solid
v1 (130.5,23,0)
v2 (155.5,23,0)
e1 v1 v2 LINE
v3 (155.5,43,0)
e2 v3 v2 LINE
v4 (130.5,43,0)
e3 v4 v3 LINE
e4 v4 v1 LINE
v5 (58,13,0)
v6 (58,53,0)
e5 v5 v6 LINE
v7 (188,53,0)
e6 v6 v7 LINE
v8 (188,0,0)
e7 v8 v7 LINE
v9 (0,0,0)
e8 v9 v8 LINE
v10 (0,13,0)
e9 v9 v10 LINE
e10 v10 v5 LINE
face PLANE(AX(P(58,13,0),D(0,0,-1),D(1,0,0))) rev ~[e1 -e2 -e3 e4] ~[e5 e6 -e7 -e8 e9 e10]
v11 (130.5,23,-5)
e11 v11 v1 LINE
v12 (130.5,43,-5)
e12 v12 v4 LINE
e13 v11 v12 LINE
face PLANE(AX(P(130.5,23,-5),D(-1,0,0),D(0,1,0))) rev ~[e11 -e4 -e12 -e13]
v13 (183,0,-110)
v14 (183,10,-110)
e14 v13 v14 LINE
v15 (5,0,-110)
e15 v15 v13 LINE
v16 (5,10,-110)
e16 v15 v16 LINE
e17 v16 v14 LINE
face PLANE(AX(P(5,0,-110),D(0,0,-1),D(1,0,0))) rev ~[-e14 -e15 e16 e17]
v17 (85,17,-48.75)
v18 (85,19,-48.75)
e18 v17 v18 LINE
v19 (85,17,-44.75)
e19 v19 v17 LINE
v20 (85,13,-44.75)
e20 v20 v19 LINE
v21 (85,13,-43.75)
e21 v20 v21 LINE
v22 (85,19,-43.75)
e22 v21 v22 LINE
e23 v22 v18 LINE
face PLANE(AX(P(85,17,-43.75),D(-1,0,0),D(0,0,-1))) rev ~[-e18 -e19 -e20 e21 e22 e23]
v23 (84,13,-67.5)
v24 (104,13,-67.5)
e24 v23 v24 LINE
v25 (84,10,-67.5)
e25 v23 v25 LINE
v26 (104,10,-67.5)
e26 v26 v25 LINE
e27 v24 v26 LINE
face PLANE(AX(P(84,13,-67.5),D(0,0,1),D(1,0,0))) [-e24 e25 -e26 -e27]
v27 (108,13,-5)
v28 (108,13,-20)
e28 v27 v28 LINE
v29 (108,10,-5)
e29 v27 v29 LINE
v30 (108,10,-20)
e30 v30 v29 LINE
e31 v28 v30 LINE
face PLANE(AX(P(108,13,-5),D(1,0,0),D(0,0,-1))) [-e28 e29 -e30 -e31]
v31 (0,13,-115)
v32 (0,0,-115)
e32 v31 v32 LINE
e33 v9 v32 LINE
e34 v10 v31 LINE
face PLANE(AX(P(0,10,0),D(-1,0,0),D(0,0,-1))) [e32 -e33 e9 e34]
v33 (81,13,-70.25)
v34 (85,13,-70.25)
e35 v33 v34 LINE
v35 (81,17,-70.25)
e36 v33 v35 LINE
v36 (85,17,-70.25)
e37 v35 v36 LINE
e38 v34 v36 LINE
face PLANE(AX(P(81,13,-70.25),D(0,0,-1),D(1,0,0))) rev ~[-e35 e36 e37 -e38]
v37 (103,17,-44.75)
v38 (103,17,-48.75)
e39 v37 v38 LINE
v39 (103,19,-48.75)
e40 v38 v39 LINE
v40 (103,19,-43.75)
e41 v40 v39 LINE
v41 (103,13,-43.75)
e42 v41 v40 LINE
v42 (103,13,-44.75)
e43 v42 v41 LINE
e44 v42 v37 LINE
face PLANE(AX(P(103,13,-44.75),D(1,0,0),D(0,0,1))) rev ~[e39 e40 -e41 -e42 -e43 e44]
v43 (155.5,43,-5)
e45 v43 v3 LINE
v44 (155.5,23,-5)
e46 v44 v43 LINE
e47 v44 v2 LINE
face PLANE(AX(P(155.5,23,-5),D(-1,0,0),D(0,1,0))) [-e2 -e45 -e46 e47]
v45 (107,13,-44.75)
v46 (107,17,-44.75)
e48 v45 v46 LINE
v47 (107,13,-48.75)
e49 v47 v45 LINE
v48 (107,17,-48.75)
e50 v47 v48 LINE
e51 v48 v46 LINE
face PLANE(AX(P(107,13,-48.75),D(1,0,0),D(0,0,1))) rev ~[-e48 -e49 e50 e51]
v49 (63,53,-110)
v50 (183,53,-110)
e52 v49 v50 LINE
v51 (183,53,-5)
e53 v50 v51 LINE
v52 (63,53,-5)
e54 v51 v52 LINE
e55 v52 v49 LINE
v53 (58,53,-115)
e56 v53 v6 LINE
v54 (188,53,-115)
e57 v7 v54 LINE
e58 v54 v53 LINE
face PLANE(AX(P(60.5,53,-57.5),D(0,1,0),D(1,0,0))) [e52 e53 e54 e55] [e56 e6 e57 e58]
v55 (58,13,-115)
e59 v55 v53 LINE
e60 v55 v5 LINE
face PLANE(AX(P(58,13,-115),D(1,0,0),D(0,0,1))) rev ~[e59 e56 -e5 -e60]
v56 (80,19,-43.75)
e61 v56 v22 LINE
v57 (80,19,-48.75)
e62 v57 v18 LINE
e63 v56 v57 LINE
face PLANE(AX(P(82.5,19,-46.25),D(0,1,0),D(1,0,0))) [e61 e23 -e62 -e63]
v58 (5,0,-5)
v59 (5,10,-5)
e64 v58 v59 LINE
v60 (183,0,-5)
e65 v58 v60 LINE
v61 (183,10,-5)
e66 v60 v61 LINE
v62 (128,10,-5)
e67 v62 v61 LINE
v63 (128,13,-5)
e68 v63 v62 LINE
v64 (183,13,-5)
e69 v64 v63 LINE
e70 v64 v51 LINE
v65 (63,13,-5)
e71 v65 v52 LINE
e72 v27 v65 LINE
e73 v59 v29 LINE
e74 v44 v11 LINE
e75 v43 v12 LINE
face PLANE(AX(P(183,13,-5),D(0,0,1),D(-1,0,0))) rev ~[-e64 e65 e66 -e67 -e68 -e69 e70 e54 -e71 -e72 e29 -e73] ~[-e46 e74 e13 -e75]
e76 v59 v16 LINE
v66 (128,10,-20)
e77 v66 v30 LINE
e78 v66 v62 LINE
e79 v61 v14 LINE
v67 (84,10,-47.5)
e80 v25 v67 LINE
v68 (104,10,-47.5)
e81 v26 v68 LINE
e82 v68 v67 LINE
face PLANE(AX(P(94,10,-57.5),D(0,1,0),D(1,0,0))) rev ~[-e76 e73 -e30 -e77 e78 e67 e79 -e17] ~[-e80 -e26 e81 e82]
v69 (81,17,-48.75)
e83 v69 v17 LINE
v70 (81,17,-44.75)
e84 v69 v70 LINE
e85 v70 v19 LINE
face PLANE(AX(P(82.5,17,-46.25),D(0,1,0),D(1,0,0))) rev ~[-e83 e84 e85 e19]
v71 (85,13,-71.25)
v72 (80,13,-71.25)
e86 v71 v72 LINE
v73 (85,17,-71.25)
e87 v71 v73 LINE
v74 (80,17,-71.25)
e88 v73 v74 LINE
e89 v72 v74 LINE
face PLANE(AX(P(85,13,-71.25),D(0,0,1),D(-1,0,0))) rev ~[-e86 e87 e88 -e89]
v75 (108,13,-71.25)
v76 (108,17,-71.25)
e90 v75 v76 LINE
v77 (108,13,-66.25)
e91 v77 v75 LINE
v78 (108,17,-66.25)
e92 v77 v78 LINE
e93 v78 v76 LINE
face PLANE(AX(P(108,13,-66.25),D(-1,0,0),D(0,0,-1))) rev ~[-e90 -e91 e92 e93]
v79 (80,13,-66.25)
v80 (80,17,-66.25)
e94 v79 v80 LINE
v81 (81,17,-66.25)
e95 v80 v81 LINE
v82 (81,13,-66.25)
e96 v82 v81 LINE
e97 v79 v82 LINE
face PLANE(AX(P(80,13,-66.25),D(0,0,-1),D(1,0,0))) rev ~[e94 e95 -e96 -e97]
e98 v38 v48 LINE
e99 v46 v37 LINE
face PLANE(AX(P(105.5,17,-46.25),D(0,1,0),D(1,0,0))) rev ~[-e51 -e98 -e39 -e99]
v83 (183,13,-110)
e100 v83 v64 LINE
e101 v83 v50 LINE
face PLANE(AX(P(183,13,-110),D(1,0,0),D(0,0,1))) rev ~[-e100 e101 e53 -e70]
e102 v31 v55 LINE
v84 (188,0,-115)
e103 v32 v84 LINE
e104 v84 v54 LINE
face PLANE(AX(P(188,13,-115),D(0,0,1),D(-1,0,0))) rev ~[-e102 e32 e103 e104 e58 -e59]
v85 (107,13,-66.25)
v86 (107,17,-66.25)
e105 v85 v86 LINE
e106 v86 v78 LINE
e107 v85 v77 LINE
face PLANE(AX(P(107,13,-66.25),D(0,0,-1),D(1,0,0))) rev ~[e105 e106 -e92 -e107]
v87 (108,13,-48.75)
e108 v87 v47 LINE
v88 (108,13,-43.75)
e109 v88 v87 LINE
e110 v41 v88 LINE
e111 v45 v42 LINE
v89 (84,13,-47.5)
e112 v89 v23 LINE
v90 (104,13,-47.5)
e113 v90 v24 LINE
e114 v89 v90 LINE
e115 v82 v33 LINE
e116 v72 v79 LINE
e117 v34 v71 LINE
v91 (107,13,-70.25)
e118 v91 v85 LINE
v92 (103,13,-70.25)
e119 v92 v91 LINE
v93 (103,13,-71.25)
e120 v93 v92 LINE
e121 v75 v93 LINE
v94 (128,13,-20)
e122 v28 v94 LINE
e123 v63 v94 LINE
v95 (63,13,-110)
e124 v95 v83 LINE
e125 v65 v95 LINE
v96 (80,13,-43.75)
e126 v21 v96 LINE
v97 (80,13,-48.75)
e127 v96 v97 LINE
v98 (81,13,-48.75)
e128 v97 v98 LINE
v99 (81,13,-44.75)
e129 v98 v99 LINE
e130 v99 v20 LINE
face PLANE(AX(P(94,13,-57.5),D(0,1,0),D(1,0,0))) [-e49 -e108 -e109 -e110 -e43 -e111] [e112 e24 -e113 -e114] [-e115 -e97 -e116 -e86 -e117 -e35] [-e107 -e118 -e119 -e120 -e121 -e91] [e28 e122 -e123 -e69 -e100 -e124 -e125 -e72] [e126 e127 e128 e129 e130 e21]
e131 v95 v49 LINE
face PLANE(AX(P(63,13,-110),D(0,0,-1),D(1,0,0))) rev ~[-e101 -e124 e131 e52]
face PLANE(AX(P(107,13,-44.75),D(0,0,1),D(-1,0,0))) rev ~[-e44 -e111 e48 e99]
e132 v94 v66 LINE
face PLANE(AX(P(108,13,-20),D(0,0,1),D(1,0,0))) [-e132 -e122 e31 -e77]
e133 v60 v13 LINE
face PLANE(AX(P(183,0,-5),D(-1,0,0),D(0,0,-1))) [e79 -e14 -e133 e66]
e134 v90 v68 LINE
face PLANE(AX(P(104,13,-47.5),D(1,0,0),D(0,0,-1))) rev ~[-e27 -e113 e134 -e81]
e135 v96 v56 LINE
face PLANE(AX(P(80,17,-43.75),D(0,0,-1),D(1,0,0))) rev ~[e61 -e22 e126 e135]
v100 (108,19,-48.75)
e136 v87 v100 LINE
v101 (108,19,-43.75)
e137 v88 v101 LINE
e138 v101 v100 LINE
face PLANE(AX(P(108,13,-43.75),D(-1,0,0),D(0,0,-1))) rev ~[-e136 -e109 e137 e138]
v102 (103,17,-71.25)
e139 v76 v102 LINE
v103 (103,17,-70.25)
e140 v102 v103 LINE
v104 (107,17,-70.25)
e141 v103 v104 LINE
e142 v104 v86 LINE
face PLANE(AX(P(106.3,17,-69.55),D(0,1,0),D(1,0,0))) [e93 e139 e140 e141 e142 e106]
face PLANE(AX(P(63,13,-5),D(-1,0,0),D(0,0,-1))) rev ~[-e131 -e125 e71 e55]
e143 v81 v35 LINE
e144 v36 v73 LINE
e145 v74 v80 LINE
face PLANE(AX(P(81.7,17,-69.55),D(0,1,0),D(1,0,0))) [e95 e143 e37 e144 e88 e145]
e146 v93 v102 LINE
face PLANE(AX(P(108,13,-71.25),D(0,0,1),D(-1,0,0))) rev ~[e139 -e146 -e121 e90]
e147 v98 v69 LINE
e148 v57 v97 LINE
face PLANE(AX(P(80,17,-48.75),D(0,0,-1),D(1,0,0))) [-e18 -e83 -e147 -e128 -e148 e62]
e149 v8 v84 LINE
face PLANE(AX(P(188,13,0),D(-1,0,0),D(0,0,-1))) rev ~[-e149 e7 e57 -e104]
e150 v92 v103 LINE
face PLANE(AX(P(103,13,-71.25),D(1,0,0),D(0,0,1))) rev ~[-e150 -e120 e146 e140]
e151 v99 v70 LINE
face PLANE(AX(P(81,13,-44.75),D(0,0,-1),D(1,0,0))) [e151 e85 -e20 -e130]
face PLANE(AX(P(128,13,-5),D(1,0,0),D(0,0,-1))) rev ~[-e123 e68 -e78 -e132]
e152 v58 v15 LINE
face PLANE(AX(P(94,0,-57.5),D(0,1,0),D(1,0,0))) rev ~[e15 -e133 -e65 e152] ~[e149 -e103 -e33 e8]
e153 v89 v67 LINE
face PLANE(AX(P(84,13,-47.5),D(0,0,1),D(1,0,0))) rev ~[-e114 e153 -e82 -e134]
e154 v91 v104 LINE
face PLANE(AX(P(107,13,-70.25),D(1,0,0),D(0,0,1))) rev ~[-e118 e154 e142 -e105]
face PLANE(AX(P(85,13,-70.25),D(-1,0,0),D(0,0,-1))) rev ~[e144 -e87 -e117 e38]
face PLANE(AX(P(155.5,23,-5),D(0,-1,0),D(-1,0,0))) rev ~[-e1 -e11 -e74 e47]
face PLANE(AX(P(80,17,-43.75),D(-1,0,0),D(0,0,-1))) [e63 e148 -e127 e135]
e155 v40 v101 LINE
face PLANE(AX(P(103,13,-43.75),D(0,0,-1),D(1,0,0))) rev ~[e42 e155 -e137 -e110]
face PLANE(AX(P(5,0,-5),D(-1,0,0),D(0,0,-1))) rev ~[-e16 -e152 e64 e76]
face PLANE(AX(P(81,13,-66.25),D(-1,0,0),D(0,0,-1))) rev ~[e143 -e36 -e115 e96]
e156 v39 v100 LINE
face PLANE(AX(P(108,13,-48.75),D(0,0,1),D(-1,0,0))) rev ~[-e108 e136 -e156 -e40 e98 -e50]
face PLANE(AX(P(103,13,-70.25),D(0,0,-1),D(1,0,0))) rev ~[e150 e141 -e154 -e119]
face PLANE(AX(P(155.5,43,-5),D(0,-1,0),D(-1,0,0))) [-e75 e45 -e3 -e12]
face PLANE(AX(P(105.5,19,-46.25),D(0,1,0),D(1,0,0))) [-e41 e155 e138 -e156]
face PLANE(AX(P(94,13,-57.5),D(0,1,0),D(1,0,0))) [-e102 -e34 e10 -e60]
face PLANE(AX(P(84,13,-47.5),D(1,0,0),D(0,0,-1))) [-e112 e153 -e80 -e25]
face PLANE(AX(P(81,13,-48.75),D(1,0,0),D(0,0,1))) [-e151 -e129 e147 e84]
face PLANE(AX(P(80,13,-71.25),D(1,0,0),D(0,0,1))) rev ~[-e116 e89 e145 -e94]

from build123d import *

# Parameters (mm, degrees)
SKETCH1_W           = 188
SKETCH1_H           = 115
SKETCH1_W_2         = 178
SKETCH1_H_2         = 105
BOSS_EXTRUDE1_DEPTH = 10
SKETCH2_W           = 188
SKETCH2_H           = 115
BOSS_EXTRUDE2_DEPTH = 3
BOSS_EXTRUDE3_DEPTH = 4
CUT_EXTRUDE1_REACH  = 222.767
SKETCH3_3_W         = 20
SKETCH3_3_H         = 20
SKETCH4_W           = 130
SKETCH4_H           = 115
SKETCH4_W_2         = 120
SKETCH4_H_2         = 105
BOSS_EXTRUDE4_DEPTH = 40
SKETCH9_W           = 5
SKETCH9_H           = 5
BOSS_EXTRUDE5_DEPTH = 2
CUT_EXTRUDE2_REACH  = 225.984
SKETCH10_W          = 20
SKETCH10_H          = 15
CUT_EXTRUDE3_REACH  = 226.172
SKETCH11_W          = 25
SKETCH11_H          = 20


with BuildPart() as part:
    # Sketch1 → Boss-Extrude1 (new body)
    with BuildSketch(Plane(origin=(0, 0, 0), x_dir=(1, 0, 0), z_dir=(0, 1, 0))):
        with Locations((94, 57.5)):
            Rectangle(SKETCH1_W, SKETCH1_H)
        with Locations((94, 57.5)):
            Rectangle(SKETCH1_W_2, SKETCH1_H_2, mode=Mode.SUBTRACT)
    extrude(amount=BOSS_EXTRUDE1_DEPTH)

    # Sketch2 → Boss-Extrude2 (add)
    with BuildSketch(Plane(origin=(0, 10, 0), x_dir=(1, 0, 0), z_dir=(0, 1, 0))):
        with Locations((94, 57.5)):
            Rectangle(SKETCH2_W, SKETCH2_H)
    extrude(amount=BOSS_EXTRUDE2_DEPTH)

    # Sketch3 → Boss-Extrude3 (add)
    with BuildSketch(Plane(origin=(0, 13, 0), x_dir=(1, 0, 0), z_dir=(0, 1, 0))):
        Polygon((80, 71.25), (80, 66.25), (81, 66.25), (81, 70.25), (85, 70.25), (85, 71.25), align=None)
        Polygon((85, 44.75), (81, 44.75), (81, 48.75), (80, 48.75), (80, 43.75), (85, 43.75), align=None)
        Polygon((107, 48.75), (107, 44.75), (103, 44.75), (103, 43.75), (108, 43.75), (108, 48.75), align=None)
        Polygon((108, 71.25), (103, 71.25), (103, 70.25), (107, 70.25), (107, 66.25), (108, 66.25), align=None)
    extrude(amount=BOSS_EXTRUDE3_DEPTH)

    # Sketch3<3> → Cut-Extrude1 (cut, up to next)
    with BuildSketch(Plane(origin=(0, 13, 0), x_dir=(1, 0, 0), z_dir=(0, 1, 0)), mode=Mode.PRIVATE) as cut_extrude1_sk1:
        with Locations((94, 57.5)):
            Rectangle(SKETCH3_3_W, SKETCH3_3_H)
    cut_extrude1_tool1 = extrude(cut_extrude1_sk1.sketch, amount=-CUT_EXTRUDE1_REACH, mode=Mode.PRIVATE) & part.part
    add(cut_extrude1_tool1.solids().sort_by_distance((94, 13, -57.5))[0], mode=Mode.SUBTRACT)

    # Sketch4 → Boss-Extrude4 (add)
    with BuildSketch(Plane(origin=(0, 13, 0), x_dir=(1, 0, 0), z_dir=(0, 1, 0))):
        with Locations((123, 57.5)):
            Rectangle(SKETCH4_W, SKETCH4_H)
        with Locations((123, 57.5)):
            Rectangle(SKETCH4_W_2, SKETCH4_H_2, mode=Mode.SUBTRACT)
    extrude(amount=BOSS_EXTRUDE4_DEPTH)

    # Sketch9 → Boss-Extrude5 (add)
    with BuildSketch(Plane(origin=(0, 17, 0), x_dir=(1, 0, 0), z_dir=(0, 1, 0))):
        with Locations((82.5, 46.25)):
            Rectangle(SKETCH9_W, SKETCH9_H)
        with Locations((105.5, 46.25)):
            Rectangle(SKETCH9_W, SKETCH9_H)
    extrude(amount=BOSS_EXTRUDE5_DEPTH)

    # Sketch10 → Cut-Extrude2 (cut, up to next)
    with BuildSketch(Plane(origin=(0, 13, 0), x_dir=(1, 0, 0), z_dir=(0, 1, 0)), mode=Mode.PRIVATE) as cut_extrude2_sk1:
        with Locations((118, 12.5)):
            Rectangle(SKETCH10_W, SKETCH10_H)
    cut_extrude2_tool1 = extrude(cut_extrude2_sk1.sketch, amount=-CUT_EXTRUDE2_REACH, mode=Mode.PRIVATE) & part.part
    add(cut_extrude2_tool1.solids().sort_by_distance((118, 13, -12.5))[0], mode=Mode.SUBTRACT)

    # Sketch11 → Cut-Extrude3 (cut, up to next)
    with BuildSketch(Plane(origin=(0, 0, -5), x_dir=(-1, 0, 0), z_dir=(0, 0, -1)), mode=Mode.PRIVATE) as cut_extrude3_sk1:
        with Locations((-143, 33)):
            Rectangle(SKETCH11_W, SKETCH11_H)
    cut_extrude3_tool1 = extrude(cut_extrude3_sk1.sketch, amount=-CUT_EXTRUDE3_REACH, mode=Mode.PRIVATE) & part.part
    add(cut_extrude3_tool1.solids().sort_by_distance((143, 33, -5))[0], mode=Mode.SUBTRACT)


solid = part.part
